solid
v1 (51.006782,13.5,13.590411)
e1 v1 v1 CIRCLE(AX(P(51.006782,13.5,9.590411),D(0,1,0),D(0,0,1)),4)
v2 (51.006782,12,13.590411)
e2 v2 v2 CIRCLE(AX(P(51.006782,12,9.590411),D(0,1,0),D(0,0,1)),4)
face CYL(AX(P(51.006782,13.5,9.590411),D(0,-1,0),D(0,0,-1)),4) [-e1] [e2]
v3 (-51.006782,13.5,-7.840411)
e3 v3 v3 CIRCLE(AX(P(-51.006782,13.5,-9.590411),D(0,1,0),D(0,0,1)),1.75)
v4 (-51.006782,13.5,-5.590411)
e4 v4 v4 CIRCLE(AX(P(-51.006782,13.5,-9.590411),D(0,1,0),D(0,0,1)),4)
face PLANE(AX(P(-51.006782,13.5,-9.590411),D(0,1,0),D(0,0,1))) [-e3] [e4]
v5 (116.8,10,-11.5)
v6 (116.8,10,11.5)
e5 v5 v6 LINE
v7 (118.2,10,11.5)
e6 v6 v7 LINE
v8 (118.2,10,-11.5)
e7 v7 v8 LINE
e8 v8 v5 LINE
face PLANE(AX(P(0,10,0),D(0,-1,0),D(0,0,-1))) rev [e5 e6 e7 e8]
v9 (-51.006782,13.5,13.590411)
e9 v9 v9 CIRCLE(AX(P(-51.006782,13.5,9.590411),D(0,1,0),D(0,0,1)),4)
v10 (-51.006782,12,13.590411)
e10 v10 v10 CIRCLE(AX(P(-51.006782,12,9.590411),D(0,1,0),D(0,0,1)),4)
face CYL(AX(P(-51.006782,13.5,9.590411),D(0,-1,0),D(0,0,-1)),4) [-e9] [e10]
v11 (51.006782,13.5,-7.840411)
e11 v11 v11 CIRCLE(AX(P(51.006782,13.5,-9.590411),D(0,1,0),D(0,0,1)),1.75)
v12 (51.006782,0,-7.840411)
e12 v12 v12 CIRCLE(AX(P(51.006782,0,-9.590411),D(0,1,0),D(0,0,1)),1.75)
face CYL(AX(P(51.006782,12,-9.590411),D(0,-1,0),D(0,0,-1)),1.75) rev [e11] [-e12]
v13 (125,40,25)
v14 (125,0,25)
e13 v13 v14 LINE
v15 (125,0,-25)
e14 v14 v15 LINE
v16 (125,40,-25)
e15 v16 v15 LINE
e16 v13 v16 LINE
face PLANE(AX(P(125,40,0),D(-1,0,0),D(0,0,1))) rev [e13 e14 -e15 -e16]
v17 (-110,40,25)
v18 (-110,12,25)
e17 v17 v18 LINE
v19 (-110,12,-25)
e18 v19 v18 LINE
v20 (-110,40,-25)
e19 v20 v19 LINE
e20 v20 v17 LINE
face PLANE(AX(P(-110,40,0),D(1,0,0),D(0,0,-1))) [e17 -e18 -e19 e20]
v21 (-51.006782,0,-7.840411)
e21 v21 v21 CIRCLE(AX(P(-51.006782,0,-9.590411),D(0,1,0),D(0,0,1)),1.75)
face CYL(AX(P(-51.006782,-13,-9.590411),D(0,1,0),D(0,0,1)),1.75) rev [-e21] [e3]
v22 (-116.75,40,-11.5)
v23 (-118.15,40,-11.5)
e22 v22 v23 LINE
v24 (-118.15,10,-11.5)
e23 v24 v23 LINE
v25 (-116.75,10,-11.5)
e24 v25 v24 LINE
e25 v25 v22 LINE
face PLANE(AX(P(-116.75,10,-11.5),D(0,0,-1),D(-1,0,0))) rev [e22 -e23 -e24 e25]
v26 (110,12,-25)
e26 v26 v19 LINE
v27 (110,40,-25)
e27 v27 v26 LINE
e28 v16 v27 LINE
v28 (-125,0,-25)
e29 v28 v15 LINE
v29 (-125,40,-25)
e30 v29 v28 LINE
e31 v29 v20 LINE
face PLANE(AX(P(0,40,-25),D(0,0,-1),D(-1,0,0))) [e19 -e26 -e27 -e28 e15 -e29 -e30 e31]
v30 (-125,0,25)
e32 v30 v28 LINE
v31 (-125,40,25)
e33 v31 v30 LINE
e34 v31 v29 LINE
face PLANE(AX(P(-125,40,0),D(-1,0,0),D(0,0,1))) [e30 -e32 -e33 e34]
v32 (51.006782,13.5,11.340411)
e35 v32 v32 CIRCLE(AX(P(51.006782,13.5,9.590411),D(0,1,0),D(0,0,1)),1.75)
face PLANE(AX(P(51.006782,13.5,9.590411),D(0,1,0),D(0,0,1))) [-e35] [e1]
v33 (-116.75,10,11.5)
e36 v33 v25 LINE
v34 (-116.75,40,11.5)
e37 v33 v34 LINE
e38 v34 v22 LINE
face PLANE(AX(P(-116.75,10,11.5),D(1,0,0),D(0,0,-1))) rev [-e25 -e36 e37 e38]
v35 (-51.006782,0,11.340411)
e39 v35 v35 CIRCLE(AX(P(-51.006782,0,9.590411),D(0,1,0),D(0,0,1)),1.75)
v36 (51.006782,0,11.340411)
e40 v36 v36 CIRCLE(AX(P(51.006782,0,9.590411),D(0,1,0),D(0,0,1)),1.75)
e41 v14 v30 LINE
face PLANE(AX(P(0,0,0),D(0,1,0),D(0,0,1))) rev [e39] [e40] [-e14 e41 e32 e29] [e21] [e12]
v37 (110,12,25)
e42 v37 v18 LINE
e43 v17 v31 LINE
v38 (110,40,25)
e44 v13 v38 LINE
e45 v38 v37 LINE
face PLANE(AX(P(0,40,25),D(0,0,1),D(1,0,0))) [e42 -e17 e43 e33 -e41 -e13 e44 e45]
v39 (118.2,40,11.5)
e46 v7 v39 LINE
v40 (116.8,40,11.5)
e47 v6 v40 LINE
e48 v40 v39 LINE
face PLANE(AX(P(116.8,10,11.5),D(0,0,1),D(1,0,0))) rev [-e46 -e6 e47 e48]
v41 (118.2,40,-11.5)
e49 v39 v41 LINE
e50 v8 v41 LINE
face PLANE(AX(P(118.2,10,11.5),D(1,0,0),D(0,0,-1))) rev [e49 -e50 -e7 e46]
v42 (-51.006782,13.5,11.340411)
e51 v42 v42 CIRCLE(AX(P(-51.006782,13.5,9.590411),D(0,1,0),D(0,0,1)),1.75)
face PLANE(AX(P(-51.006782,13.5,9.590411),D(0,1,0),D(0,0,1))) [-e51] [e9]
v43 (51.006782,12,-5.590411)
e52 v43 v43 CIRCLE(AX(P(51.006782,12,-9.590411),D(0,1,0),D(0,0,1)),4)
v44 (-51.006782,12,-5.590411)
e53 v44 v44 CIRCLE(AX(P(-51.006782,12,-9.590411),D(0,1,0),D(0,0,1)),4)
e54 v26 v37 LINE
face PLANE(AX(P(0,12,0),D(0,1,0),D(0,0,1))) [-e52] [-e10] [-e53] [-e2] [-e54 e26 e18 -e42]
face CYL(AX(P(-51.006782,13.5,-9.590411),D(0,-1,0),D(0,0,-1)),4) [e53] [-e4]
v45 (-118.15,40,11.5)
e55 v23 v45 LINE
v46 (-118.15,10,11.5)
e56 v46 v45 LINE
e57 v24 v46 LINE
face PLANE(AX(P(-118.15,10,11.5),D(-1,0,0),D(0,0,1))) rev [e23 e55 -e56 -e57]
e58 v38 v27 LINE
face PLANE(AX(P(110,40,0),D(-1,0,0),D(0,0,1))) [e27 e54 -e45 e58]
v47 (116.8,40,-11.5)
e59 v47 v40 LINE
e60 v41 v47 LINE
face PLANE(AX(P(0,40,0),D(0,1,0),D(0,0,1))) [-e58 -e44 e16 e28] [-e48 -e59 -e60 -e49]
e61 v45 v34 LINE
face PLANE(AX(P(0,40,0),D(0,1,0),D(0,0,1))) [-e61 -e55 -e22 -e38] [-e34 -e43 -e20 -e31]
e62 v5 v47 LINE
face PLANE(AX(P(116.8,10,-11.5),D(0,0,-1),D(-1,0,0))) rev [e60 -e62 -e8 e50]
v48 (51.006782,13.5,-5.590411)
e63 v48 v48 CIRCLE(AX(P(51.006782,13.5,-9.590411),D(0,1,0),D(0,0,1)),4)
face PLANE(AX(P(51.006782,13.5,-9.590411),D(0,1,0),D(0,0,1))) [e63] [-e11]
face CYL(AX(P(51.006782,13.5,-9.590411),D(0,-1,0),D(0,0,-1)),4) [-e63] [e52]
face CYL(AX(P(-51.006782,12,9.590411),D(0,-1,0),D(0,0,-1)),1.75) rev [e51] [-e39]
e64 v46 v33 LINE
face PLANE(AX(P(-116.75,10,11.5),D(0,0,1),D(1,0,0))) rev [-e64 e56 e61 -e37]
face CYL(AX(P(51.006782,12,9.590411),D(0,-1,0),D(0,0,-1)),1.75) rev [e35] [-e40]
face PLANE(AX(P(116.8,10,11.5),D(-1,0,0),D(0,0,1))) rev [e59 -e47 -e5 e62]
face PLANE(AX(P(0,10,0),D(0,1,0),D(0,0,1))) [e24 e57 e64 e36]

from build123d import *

# Parameters (mm, degrees)
SKETCH1_W           = 15
SKETCH1_H           = 50
BOSS_EXTRUDE1_DEPTH = 40
BOSS_EXTRUDE2_DEPTH = 40
SKETCH1_6_R         = 1.75
BOSS_EXTRUDE3_DEPTH = 12
SKETCH2_W           = 1.4
SKETCH2_H           = 23
CUT_EXTRUDE1_DEPTH  = 30
SKETCH3_W           = 1.4
SKETCH3_H           = 23
CUT_EXTRUDE2_DEPTH  = 30
SKETCH4_R           = 1.75
CUT_EXTRUDE5_DEPTH  = 25
SKETCH5_R           = 4
SKETCH5_R_2         = 1.75
BOSS_EXTRUDE4_DEPTH = 1.5
SKETCH6_R           = 4
SKETCH6_R_2         = 1.75
BOSS_EXTRUDE5_DEPTH = 1.5


with BuildPart() as part:
    # Sketch1 → Boss-Extrude1 (new body)
    with BuildSketch(Plane(origin=(0, 0, 0), x_dir=(1, 0, 0), z_dir=(0, 1, 0))):
        with Locations((-117.5, 0)):
            Rectangle(SKETCH1_W, SKETCH1_H)
    extrude(amount=BOSS_EXTRUDE1_DEPTH)



with BuildPart() as body_2:
    # Sketch1<4> → Boss-Extrude2 (new body)
    with BuildSketch(Plane(origin=(0, 0, 0), x_dir=(1, 0, 0), z_dir=(0, 1, 0))):
        Polygon((125, 25), (110, 25), (110, 0), (110, -25), (125, -25), align=None)
    extrude(amount=BOSS_EXTRUDE2_DEPTH)


with BuildPart() as part_1:
    add(part.part)

    add(body_2.part)  # Boss-Extrude3 merges body 2
    # Sketch1<6> → Boss-Extrude3 (add)
    with BuildSketch(Plane(origin=(0, 0, 0), x_dir=(1, 0, 0), z_dir=(0, 1, 0))):
        Polygon((110, 25), (-110, 25), (-110, -25), (110, -25), (110, 0), align=None)
        with Locations((-51.006782466, -9.590411403)):
            Circle(SKETCH1_6_R, mode=Mode.SUBTRACT)
        with Locations((51.006782466, -9.590411403)):
            Circle(SKETCH1_6_R, mode=Mode.SUBTRACT)
        with Locations((51.006782466, 9.590411403)):
            Circle(SKETCH1_6_R, mode=Mode.SUBTRACT)
    extrude(amount=BOSS_EXTRUDE3_DEPTH)

    # Sketch2 → Cut-Extrude1 (cut)
    with BuildSketch(Plane(origin=(0, 40, 0), x_dir=(1, 0, 0), z_dir=(0, 1, 0))):
        with Locations((-117.45, 0)):
            Rectangle(SKETCH2_W, SKETCH2_H)
    extrude(amount=-CUT_EXTRUDE1_DEPTH, mode=Mode.SUBTRACT)

    # Sketch3 → Cut-Extrude2 (cut)
    with BuildSketch(Plane(origin=(0, 40, 0), x_dir=(1, 0, 0), z_dir=(0, 1, 0))):
        with Locations((117.5, 0)):
            Rectangle(SKETCH3_W, SKETCH3_H)
    extrude(amount=-CUT_EXTRUDE2_DEPTH, mode=Mode.SUBTRACT)

    # Sketch4 → Cut-Extrude5 (cut)
    with BuildSketch(Plane(origin=(0, 12, 0), x_dir=(1, 0, 0), z_dir=(0, 1, 0))):
        with Locations((-51.006782466, 9.590411403)):
            Circle(SKETCH4_R)
    extrude(amount=-CUT_EXTRUDE5_DEPTH, mode=Mode.SUBTRACT)

    # Sketch5 → Boss-Extrude4 (add)
    with BuildSketch(Plane(origin=(0, 12, 0), x_dir=(1, 0, 0), z_dir=(0, 1, 0))):
        with Locations((-51.006782466, -9.590411403)):
            Circle(SKETCH5_R)
        with Locations((-51.006782466, -9.590411403)):
            Circle(SKETCH5_R_2, mode=Mode.SUBTRACT)
    extrude(amount=BOSS_EXTRUDE4_DEPTH)

    # Sketch6 → Boss-Extrude5 (add)
    # profile 1 of 3: a face of its own
    with BuildSketch(Plane(origin=(0, 12, 0), x_dir=(1, 0, 0), z_dir=(0, 1, 0))):
        with Locations((-51.006782466, 9.590411403)):
            Circle(SKETCH6_R)
        with Locations((-51.006782466, 9.590411403)):
            Circle(SKETCH6_R_2, mode=Mode.SUBTRACT)
    # profile 2 of 3: a face of its own
    with BuildSketch(Plane(origin=(0, 12, 0), x_dir=(1, 0, 0), z_dir=(0, 1, 0))):
        with Locations((51.006782466, 9.590411403)):
            Circle(SKETCH6_R)
        with Locations((51.006782466, 9.590411403)):
            Circle(SKETCH6_R_2, mode=Mode.SUBTRACT)
    # profile 3 of 3: a face of its own
    with BuildSketch(Plane(origin=(0, 12, 0), x_dir=(1, 0, 0), z_dir=(0, 1, 0))):
        with Locations((51.006782466, -9.590411403)):
            Circle(SKETCH6_R)
        with Locations((51.006782466, -9.590411403)):
            Circle(SKETCH6_R_2, mode=Mode.SUBTRACT)
    extrude(amount=BOSS_EXTRUDE5_DEPTH)


solid = part_1.part
